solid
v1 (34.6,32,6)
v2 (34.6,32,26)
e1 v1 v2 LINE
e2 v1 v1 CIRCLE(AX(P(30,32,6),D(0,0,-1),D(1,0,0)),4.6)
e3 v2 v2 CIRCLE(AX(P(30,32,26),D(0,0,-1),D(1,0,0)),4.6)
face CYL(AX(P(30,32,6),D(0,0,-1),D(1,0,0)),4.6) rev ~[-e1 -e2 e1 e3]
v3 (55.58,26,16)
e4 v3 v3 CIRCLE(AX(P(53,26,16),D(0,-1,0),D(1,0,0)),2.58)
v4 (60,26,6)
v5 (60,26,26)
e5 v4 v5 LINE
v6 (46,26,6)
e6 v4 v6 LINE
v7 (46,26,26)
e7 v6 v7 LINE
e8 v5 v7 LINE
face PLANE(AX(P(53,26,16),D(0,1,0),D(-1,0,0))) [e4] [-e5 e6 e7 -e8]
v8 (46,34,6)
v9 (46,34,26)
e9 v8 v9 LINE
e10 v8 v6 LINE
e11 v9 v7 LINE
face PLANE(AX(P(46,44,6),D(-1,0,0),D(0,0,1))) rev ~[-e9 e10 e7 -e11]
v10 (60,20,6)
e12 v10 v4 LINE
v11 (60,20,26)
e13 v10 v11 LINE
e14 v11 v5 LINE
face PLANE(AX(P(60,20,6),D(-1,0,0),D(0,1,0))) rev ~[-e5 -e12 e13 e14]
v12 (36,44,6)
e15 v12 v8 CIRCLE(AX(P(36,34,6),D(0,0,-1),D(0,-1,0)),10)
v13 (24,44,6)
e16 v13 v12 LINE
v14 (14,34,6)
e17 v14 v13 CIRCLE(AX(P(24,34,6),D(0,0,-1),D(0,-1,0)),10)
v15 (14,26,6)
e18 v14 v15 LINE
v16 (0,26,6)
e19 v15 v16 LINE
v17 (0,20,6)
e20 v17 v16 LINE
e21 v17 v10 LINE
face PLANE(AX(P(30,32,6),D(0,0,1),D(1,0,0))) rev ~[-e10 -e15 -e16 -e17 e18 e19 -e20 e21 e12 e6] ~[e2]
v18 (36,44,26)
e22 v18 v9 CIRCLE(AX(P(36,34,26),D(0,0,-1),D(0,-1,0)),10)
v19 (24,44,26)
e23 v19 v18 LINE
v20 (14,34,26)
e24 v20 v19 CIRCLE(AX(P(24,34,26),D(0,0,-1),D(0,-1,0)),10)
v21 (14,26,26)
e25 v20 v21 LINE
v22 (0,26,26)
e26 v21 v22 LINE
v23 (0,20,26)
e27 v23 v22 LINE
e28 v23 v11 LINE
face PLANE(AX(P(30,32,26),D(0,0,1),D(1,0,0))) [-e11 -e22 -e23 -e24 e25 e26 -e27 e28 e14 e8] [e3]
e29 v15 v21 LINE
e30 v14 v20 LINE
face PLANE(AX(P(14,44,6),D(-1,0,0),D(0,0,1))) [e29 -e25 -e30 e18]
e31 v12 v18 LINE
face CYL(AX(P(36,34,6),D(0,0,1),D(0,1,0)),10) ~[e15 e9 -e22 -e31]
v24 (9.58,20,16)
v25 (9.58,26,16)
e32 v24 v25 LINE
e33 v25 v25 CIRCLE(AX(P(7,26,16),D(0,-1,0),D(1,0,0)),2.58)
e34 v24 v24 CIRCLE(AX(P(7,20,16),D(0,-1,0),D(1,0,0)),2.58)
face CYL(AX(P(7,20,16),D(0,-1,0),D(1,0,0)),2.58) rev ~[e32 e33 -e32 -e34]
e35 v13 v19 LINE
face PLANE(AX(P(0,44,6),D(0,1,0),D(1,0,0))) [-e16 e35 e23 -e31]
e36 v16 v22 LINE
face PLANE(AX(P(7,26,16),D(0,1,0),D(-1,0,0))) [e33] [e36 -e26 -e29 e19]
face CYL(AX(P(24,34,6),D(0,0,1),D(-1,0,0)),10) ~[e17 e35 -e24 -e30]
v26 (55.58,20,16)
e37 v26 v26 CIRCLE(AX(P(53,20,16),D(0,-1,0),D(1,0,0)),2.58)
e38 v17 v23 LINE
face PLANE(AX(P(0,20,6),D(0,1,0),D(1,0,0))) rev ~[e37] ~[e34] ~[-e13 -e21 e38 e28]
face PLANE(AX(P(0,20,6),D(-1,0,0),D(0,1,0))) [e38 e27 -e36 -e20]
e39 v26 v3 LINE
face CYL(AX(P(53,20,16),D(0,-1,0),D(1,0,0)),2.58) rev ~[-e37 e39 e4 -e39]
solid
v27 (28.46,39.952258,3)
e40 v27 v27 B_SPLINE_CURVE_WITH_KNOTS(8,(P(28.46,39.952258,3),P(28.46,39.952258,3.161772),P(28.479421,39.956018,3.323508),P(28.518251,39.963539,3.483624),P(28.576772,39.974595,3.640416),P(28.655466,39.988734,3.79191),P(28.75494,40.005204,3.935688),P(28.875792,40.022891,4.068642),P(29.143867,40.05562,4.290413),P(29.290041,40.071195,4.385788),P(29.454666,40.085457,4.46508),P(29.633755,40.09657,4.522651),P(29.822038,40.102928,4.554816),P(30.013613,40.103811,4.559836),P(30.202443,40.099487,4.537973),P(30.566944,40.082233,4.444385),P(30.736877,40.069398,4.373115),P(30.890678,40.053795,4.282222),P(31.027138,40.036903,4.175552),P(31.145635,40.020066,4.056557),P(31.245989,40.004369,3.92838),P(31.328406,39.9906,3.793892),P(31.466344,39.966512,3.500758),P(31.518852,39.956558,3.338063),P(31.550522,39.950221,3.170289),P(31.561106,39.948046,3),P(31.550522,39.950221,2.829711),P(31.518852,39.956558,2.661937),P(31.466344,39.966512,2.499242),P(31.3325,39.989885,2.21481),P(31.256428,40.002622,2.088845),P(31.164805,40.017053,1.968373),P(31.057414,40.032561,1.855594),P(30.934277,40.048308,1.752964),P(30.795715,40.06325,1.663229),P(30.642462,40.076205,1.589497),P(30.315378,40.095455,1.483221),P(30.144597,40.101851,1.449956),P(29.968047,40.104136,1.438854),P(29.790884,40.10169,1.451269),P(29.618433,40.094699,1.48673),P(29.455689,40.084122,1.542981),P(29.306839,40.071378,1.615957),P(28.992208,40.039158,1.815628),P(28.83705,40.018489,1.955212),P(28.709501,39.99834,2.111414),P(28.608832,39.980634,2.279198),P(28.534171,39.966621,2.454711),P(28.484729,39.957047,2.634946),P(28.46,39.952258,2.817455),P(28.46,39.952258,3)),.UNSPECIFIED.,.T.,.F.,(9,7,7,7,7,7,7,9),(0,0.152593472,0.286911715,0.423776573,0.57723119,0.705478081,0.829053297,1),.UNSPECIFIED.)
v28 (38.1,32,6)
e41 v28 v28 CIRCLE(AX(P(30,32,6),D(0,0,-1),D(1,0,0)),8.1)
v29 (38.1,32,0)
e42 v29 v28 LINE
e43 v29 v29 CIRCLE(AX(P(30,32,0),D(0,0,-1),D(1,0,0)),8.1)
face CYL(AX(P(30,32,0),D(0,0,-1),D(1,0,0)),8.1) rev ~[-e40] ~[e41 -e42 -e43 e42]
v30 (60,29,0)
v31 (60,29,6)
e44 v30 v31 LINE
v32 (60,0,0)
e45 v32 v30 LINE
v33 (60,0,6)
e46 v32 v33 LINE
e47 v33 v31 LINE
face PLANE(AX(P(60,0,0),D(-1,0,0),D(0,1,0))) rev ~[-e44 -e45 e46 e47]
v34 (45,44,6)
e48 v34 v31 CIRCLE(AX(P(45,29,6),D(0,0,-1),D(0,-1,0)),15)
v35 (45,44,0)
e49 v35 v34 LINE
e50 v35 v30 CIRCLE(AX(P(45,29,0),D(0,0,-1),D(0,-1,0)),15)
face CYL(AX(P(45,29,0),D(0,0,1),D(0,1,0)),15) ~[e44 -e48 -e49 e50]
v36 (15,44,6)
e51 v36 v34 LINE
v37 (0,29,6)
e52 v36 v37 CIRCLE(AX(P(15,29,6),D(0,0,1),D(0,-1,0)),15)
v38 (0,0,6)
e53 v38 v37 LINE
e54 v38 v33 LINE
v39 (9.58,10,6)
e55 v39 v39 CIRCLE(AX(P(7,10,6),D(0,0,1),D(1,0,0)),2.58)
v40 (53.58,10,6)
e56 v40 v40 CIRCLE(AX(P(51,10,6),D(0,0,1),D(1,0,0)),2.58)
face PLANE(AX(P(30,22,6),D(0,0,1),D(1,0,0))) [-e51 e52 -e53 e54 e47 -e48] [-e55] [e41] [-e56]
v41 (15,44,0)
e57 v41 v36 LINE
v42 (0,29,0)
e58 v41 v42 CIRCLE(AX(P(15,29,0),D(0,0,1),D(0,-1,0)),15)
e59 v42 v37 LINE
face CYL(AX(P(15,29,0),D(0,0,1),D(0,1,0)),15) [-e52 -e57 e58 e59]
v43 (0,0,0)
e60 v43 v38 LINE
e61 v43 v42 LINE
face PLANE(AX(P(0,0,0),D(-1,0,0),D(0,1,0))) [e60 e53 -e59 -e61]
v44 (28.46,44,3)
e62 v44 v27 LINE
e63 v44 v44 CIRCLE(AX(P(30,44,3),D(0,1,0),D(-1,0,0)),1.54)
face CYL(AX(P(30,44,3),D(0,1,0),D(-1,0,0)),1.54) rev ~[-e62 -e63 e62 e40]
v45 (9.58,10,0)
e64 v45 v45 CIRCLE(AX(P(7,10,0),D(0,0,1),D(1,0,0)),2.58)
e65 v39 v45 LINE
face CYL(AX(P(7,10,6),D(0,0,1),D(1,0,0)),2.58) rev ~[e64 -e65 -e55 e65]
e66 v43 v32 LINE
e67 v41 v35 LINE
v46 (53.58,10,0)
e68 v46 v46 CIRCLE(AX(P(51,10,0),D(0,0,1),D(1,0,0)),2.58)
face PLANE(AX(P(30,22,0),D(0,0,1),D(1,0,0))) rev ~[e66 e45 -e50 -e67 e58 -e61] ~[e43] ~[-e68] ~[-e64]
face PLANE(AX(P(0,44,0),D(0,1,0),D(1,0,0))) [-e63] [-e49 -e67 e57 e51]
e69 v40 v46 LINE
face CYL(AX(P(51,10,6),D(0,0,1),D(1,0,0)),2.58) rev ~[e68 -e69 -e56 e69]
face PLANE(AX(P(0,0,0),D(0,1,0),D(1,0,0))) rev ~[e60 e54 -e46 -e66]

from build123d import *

# Parameters (mm, degrees)
BOX001_W        = 60
BOX001_H        = 24
BOX001_DEPTH    = 20
SKETCH_R        = 4.6
POCKET_DEPTH    = 20.001
SKETCH002_W     = 14
SKETCH002_H     = 20
POCKET002_DEPTH = 18
SKETCH003_R     = 2.58
POCKET003_DEPTH = 6
FILLET_R        = 10
FILLET001_R     = 10
BOX_W           = 60
BOX_H           = 44
BOX_DEPTH       = 6
SKETCH001_R     = 8.1
POCKET001_DEPTH = 9
SKETCH004_R     = 2.58
POCKET004_DEPTH = 6
SKETCH005_R     = 1.54
POCKET005_DEPTH = 5
FILLET002_R     = 15
FILLET003_R     = 15


with BuildPart() as fillet001:
    # Box001 → Box001 (new body)
    with BuildSketch(Plane(origin=(0, 20, 6), x_dir=(1, 0, 0), z_dir=(0, 0, 1))):
        with Locations((30, 12)):
            Rectangle(BOX001_W, BOX001_H)
    extrude(amount=BOX001_DEPTH)

    # Sketch → Pocket (cut, through all)
    with BuildSketch(Plane(origin=(0, 20, 6), x_dir=(1, 0, 0), z_dir=(0, 0, -1))):
        with Locations((30, -12)):
            Circle(SKETCH_R)
    extrude(amount=-POCKET_DEPTH, mode=Mode.SUBTRACT)

    # Sketch002 → Pocket002 (cut)
    with BuildSketch(Plane(origin=(0, 44, 6), x_dir=(-1, 0, 0), z_dir=(0, 1, 0))):
        with Locations((-53, 10)):
            Rectangle(SKETCH002_W, SKETCH002_H)
        with Locations((-7, 10)):
            Rectangle(SKETCH002_W, SKETCH002_H)
    extrude(amount=-POCKET002_DEPTH, mode=Mode.SUBTRACT)

    # Sketch003 → Pocket003 (cut)
    with BuildSketch(Plane(origin=(0, 20, 6), x_dir=(1, 0, 0), z_dir=(0, -1, 0))):
        with Locations((7, 10)):
            Circle(SKETCH003_R)
        with Locations((53, 10)):
            Circle(SKETCH003_R)
    extrude(amount=-POCKET003_DEPTH, mode=Mode.SUBTRACT)

    # Fillet
    fillet_edges = [fillet001.edges().sort_by_distance(p)[0] for p in [
        (14, 44, 16),
    ]]
    fillet(fillet_edges, radius=FILLET_R)

    # Fillet001
    fillet001_edges = [fillet001.edges().sort_by_distance(p)[0] for p in [
        (46, 44, 16),
    ]]
    fillet(fillet001_edges, radius=FILLET001_R)


with BuildPart() as fillet003:
    # Box → Box (new body)
    with BuildSketch(Plane.XY):
        with Locations((30, 22)):
            Rectangle(BOX_W, BOX_H)
    extrude(amount=BOX_DEPTH)

    # Sketch001 → Pocket001 (cut)
    with BuildSketch(Plane(origin=(0, 0, 0), x_dir=(1, 0, 0), z_dir=(0, 0, -1))):
        with Locations((30, -32)):
            Circle(SKETCH001_R)
    extrude(amount=-POCKET001_DEPTH, mode=Mode.SUBTRACT)

    # Sketch004 → Pocket004 (cut)
    with BuildSketch(Plane.XY.offset(6)):
        with Locations((7, 10)):
            Circle(SKETCH004_R)
        with Locations((51, 10)):
            Circle(SKETCH004_R)
    extrude(amount=-POCKET004_DEPTH, mode=Mode.SUBTRACT)

    # Sketch005 → Pocket005 (cut)
    with BuildSketch(Plane(origin=(0, 44, 0), x_dir=(-1, 0, 0), z_dir=(0, 1, 0))):
        with Locations((-30, 3)):
            Circle(SKETCH005_R)
    extrude(amount=-POCKET005_DEPTH, mode=Mode.SUBTRACT)

    # Fillet002
    fillet002_edges = [fillet003.edges().sort_by_distance(p)[0] for p in [
        (60, 44, 3),
    ]]
    fillet(fillet002_edges, radius=FILLET002_R)

    # Fillet003
    fillet003_edges = [fillet003.edges().sort_by_distance(p)[0] for p in [
        (0, 44, 3),
    ]]
    fillet(fillet003_edges, radius=FILLET003_R)


solid = Compound([fillet001.part, fillet003.part])
